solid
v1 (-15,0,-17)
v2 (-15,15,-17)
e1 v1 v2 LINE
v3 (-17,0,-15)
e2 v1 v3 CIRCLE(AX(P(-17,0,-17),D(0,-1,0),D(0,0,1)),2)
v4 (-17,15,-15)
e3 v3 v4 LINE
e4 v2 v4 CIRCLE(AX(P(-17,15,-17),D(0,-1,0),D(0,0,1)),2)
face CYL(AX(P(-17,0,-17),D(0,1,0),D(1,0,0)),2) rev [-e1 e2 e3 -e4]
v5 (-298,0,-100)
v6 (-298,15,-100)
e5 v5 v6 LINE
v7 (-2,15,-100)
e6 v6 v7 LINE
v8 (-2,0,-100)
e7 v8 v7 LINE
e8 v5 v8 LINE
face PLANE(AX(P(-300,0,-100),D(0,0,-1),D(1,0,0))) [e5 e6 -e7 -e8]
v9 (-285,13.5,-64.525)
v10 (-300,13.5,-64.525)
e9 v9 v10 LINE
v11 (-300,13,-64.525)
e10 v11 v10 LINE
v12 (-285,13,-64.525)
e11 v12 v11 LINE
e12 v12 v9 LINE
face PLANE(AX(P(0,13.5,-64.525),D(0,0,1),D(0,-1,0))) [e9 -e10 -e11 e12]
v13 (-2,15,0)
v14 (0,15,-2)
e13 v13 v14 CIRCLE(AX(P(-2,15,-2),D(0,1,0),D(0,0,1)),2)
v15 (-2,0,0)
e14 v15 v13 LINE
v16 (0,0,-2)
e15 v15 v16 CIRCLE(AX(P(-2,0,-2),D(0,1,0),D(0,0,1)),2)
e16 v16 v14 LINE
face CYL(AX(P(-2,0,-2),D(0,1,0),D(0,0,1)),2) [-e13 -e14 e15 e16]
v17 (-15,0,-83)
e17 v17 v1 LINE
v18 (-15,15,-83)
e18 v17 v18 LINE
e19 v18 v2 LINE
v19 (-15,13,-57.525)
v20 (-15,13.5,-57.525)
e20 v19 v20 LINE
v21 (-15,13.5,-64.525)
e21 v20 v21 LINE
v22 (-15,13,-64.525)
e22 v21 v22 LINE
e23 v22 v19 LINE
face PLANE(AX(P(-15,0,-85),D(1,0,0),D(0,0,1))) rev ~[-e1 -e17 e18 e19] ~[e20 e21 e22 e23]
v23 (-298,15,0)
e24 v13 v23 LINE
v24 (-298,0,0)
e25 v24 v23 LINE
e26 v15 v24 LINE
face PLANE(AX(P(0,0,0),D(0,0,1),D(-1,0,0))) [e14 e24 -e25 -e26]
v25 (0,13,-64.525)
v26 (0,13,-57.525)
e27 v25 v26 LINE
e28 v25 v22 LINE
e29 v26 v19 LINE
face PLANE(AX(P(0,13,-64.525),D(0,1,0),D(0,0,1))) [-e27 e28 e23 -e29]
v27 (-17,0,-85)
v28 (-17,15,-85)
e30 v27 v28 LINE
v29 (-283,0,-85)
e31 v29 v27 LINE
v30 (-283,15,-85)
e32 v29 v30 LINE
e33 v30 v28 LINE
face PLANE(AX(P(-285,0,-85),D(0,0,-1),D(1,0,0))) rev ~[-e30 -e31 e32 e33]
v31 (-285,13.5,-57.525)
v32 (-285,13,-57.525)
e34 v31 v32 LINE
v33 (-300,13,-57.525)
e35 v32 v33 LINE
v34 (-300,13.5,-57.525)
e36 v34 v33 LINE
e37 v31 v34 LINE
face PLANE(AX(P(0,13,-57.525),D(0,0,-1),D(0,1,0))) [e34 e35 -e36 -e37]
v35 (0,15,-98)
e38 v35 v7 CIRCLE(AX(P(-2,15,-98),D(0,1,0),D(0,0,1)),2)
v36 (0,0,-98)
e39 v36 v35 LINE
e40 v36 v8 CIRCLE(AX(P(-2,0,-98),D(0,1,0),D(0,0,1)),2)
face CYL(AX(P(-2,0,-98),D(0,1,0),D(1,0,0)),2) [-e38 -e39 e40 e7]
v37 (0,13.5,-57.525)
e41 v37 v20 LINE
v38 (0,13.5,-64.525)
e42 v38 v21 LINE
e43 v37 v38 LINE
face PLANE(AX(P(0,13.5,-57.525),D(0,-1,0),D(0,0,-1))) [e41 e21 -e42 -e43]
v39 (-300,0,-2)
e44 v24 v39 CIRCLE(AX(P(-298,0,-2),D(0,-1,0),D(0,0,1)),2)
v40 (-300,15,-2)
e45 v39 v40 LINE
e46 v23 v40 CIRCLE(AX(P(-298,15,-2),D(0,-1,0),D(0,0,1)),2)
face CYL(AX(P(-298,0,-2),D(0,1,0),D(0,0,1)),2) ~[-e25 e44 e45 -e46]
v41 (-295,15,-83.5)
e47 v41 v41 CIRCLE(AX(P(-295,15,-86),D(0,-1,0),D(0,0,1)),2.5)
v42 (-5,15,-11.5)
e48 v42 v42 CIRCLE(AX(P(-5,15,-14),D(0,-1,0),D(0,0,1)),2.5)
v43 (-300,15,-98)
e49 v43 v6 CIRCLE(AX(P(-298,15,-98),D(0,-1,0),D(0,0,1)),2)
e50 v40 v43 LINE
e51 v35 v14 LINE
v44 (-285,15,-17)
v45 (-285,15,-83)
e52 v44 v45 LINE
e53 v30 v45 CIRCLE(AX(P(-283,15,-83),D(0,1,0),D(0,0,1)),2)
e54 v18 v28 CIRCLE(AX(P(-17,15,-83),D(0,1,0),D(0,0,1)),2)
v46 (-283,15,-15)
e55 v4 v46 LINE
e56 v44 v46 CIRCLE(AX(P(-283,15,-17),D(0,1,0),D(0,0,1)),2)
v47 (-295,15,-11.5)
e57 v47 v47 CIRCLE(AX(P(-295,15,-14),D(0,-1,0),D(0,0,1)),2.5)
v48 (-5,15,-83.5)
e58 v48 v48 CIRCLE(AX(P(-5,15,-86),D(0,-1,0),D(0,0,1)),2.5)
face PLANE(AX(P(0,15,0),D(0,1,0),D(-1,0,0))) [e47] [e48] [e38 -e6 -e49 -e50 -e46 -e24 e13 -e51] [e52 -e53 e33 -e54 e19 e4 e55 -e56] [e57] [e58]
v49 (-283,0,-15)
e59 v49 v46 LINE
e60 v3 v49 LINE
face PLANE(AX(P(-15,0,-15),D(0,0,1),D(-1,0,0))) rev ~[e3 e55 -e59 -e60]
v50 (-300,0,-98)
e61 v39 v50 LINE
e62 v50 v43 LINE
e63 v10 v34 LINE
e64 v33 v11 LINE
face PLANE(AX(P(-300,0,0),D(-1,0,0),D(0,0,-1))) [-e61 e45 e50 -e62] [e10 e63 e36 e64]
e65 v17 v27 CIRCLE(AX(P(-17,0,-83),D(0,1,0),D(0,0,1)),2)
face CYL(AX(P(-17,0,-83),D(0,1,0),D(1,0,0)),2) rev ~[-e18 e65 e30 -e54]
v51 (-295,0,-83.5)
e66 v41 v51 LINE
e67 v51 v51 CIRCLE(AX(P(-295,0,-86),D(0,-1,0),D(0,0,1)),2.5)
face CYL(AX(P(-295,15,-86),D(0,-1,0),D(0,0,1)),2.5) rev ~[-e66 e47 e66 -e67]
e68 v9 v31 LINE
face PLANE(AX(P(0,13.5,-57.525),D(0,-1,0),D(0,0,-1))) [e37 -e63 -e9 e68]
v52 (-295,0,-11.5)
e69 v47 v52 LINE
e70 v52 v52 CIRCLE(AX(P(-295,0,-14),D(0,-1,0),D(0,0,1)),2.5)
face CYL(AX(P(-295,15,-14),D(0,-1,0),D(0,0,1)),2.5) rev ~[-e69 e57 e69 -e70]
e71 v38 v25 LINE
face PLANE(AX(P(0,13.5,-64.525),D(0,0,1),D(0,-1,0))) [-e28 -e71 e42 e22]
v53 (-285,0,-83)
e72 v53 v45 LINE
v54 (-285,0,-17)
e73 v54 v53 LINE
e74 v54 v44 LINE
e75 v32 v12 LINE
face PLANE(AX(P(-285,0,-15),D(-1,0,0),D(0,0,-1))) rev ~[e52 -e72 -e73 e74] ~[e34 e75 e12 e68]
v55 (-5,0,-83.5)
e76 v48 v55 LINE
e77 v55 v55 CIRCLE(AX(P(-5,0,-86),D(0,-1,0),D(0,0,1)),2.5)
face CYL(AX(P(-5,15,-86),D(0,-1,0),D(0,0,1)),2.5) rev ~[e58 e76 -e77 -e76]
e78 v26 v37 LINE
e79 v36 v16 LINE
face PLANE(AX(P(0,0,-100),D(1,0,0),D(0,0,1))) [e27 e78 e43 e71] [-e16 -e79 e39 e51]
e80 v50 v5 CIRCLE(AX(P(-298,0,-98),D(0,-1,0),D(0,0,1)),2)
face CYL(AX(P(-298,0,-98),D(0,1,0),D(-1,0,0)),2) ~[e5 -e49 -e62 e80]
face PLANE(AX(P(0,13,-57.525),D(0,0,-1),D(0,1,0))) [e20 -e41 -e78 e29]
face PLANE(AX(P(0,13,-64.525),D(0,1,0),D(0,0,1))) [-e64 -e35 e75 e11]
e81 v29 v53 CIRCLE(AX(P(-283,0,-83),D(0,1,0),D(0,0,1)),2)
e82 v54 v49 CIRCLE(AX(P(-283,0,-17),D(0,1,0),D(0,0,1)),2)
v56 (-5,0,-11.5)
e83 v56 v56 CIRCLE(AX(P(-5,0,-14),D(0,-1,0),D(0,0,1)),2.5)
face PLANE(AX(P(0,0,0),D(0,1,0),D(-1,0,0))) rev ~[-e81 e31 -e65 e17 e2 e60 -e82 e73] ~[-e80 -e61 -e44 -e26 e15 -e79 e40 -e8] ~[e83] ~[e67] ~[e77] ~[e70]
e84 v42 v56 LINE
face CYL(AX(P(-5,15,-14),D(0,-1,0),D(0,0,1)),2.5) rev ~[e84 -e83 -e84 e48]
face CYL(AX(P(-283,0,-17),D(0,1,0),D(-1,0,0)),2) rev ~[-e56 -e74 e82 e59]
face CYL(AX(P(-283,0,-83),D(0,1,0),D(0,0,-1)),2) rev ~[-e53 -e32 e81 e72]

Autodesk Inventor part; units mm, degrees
ref_plane "YZ Plane" through (0, 0, 0) normal (1, 0, 0) x (0, 1, 0)
ref_plane "XZ Plane" through (0, 0, 0) normal (0, 1, 0) x (-1, 0, 0)
ref_plane "XY Plane" through (0, 0, 0) normal (0, 0, 1) x (1, 0, 0)
sketch "Szkic1" plane through (0, 0, 0) normal (0, 1, 0) x (-1, 0, 0)
  line L0 (0, 0) -> (300, 0)
  line L1 (300, 0) -> (300, -100)
  line L2 (300, -100) -> (0, -100)
  line L3 (0, -100) -> (0, 0)
  dimension "d0" = 100
  dimension "d1" = 300
sketch "Szkic2" plane through (0, 0, 0) normal (0, 1, 0) x (-1, 0, 0)
  line L0 (15, -15) -> (285, -15)
  line L1 (285, -15) -> (285, -85)
  line L2 (285, -85) -> (15, -85)
  line L3 (15, -85) -> (15, -15)
  point P0 (0, 0)
  dimension "d2" = 270
  dimension "d3" = 70
  dimension "d4" = 15
  dimension "d5" = 15
extrude "Wyciągnięcie proste1" add sketch "Szkic1" along normal blind 15
extrude "Wyciągnięcie proste2" cut sketch "Szkic2" along normal blind 15
fillet "Zaokrąglenie1" radius 2 8 edges at (-285, 7.5, -85) (-15, 7.5, -85) (-15, 7.5, -15) (-285, 7.5, -15) (-300, 7.5, 0) (-300, 7.5, -100) (0, 7.5, -100) (0, 7.5, 0)
sketch "Szkic3" plane through (0, 15, 0) normal (0, 1, 0) x (1, 0, 0)
  line L0 (0, 2) -> (0, 98) projected
  line L1 (-2, 100) -> (-298, 100) projected
  line L2 (-298, 0) -> (-2, 0) projected
  line L3 (-300, 98) -> (-300, 2) projected
  point P0 (0, 0)
  point P1 (-5, 86)
  point P2 (-5, 14)
  point P3 (-295, 86)
  point P4 (-295, 14)
  dimension "d11" = 5
  dimension "d12" = 14
  dimension "d13" = 14
  dimension "d14" = 14
  dimension "d15" = 5
  dimension "d16" = 5
  dimension "d17" = 5
  dimension "d18" = 14
hole "Otwór1" at (-5, 15, -86) at (-5, 15, -14) at (-295, 15, -86) at (-295, 15, -14) direction (0, -1, 0) diameter 5 depth 15 clearance for "Śruba ze łbem płaskim obrobiona" size "M4" standard "ANSI Profil metryczny M"
sketch "Szkic4" plane through (0, 15, 0) normal (0, 1, 0) x (1, 0, 0)
  point P0 (0, 0)
sketch "Szkic5" plane through (0, 0, -2) normal (1, 0, 0) x (0, 0, -1)
  line L0 (55.525, 13.5) -> (62.525, 13.5)
  line L1 (62.525, 13.5) -> (62.525, 13)
  line L2 (62.525, 13) -> (55.525, 13)
  line L3 (55.525, 13) -> (55.525, 13.5)
  line L4 (0, 15) -> (96, 15) projected
  line L5 (98, 0) -> (98, 15) projected
  point P0 (-2, 0)
  point P1 (62.525, 13.25)
  dimension "d26" = 7
  dimension "d27" = 0.5
  dimension "d28" = 1.5
  dimension "d29" = 35.475
extrude "Wyciągnięcie proste3" cut sketch "Szkic5" against normal through all
equation "\"d13\" = d12"
equation "\"d14\" = d12"
equation "\"d15\" = d11"
equation "\"d16\" = d11"
equation "\"d17\" = d11"
equation "\"d18\" = d12"
properties part number "podstawka_prowadzaca"
